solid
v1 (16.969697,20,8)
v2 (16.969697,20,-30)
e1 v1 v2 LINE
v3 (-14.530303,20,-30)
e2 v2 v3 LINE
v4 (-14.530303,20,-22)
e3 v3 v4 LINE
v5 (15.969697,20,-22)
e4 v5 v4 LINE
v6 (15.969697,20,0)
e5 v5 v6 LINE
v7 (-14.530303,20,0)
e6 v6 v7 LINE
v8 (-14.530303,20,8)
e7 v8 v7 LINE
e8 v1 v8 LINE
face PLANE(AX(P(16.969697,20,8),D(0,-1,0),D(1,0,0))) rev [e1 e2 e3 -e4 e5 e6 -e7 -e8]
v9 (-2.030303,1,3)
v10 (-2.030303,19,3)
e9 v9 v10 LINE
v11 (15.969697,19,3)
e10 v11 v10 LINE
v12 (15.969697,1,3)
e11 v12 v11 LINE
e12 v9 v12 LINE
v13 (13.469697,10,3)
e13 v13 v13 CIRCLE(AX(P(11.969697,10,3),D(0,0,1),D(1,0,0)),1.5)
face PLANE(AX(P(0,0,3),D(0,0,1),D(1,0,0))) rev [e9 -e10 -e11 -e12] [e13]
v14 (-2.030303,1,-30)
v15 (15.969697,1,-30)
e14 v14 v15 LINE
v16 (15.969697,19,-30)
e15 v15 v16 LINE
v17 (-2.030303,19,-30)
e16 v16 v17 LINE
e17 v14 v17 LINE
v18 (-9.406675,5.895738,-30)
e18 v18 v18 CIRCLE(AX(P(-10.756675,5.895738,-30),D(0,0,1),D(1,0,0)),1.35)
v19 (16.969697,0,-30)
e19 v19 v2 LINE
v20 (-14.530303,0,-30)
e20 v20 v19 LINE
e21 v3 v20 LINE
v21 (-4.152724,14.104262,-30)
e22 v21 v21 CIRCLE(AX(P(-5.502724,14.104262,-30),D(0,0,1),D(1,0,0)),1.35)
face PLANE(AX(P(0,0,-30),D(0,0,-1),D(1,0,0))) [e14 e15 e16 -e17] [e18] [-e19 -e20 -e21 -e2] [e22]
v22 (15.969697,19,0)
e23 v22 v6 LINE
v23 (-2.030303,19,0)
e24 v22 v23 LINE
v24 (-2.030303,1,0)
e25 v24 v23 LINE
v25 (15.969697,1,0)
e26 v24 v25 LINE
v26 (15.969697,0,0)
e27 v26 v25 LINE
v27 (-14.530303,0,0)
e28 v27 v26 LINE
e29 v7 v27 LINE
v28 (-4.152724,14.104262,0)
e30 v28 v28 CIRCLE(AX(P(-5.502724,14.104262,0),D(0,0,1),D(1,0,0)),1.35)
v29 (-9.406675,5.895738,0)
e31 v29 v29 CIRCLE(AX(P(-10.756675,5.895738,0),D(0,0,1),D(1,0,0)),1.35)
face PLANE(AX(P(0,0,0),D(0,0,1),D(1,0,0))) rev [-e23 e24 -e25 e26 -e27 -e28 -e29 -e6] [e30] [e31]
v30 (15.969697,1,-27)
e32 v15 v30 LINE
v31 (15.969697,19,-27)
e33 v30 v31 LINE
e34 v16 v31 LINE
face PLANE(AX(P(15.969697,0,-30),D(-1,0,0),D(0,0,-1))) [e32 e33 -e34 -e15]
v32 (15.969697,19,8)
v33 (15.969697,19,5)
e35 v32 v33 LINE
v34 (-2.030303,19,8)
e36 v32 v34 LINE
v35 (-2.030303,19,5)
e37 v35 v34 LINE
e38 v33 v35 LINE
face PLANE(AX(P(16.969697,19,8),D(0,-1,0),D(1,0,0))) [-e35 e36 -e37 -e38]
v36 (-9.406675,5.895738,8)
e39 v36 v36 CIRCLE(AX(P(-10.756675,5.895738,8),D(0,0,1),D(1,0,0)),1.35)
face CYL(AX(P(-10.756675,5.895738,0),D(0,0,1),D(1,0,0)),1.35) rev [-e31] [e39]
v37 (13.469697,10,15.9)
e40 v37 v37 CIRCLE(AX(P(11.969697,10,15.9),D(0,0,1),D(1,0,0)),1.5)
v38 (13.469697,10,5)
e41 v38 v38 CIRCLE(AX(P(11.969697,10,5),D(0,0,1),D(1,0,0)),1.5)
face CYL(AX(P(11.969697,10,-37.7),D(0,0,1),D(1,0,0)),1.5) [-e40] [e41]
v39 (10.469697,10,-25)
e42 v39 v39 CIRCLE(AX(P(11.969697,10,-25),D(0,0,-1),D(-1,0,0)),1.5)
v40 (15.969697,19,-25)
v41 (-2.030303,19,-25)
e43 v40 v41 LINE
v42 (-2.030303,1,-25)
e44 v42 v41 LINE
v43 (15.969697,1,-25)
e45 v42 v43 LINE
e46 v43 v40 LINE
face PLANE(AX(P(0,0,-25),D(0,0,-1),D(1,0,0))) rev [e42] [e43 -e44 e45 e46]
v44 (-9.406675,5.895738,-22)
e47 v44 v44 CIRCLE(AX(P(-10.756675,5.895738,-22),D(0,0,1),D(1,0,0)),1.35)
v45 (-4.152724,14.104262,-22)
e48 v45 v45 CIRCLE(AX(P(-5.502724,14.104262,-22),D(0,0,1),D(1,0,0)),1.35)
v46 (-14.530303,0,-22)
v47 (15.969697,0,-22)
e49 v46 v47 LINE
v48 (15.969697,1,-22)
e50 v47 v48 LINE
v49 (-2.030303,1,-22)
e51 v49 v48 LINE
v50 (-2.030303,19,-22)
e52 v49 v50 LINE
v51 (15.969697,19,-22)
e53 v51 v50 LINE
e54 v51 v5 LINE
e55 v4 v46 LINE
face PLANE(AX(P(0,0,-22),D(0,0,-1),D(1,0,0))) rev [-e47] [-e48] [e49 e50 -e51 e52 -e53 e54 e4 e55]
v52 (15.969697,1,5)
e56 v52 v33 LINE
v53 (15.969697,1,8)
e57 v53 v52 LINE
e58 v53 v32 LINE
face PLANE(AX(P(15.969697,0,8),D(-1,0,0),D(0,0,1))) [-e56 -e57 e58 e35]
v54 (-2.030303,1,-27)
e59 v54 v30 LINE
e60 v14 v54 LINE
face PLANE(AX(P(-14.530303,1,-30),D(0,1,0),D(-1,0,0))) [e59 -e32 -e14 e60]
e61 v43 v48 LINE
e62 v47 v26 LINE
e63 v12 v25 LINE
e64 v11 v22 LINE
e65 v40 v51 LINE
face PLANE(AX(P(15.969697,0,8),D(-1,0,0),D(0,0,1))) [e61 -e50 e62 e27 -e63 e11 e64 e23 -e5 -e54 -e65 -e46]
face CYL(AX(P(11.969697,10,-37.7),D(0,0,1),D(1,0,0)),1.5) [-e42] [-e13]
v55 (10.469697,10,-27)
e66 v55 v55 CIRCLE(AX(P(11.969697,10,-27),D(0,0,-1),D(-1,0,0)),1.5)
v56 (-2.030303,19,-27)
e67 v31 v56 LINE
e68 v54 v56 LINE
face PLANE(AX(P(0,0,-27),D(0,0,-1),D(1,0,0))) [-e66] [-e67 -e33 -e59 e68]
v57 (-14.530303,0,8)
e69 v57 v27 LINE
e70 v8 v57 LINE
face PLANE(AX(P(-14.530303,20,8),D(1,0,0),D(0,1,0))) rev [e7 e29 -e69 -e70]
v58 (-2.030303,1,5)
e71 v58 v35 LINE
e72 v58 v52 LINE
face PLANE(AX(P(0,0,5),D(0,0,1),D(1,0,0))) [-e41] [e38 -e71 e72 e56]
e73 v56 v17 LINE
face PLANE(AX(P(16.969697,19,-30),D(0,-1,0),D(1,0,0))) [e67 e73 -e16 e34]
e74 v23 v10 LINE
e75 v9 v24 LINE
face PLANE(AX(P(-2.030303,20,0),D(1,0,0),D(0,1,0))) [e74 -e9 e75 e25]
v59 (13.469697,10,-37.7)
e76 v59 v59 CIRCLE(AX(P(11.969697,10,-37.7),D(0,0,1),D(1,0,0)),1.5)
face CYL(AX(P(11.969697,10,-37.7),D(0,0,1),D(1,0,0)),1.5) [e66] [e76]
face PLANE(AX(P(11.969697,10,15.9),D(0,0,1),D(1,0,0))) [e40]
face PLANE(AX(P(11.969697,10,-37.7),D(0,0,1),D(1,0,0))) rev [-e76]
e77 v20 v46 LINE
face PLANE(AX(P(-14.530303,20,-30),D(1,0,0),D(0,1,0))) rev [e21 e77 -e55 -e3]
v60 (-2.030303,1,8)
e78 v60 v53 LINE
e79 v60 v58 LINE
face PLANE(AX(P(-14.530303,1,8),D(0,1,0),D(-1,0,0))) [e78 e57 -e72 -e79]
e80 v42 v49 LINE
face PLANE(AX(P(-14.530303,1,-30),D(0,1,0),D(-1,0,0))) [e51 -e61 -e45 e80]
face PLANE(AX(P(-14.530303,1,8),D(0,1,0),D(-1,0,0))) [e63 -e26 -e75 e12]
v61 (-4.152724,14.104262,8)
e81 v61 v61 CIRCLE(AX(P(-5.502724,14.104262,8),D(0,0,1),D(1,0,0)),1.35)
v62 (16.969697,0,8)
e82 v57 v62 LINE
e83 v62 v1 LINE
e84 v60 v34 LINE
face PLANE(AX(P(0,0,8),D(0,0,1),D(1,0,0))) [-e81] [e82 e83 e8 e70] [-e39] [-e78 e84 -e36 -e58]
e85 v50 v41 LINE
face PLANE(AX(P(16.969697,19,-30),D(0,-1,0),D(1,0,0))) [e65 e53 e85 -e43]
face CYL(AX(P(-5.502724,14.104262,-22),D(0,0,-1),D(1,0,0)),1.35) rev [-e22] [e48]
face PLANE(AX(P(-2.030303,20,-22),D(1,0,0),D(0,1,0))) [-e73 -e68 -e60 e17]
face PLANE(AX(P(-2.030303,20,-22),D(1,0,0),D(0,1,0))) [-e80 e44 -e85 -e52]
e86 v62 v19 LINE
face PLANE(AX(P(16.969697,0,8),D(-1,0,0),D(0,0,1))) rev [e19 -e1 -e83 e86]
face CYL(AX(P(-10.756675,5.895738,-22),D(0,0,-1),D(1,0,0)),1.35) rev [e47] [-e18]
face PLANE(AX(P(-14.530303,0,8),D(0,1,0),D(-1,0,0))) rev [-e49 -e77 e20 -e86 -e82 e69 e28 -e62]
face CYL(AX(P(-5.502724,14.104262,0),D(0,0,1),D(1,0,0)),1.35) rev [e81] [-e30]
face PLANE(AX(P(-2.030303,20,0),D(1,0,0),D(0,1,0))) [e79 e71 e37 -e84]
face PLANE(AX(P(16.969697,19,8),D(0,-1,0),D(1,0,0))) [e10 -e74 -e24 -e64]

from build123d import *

# Parameters (mm, degrees)
SKETCH1_W           = 31.5
SKETCH1_H           = 20
SKETCH1_W_2         = 29.5
SKETCH1_H_2         = 18
EXTRUDE_THIN1_DEPTH = 8
BOSS_EXTRUDE1_START = 4
SKETCH2_W           = 31.5
SKETCH2_H           = 20
BOSS_EXTRUDE1_DEPTH = 1
SKETCH4_W           = 12.5
SKETCH4_H           = 20
BOSS_EXTRUDE2_DEPTH = 8
SKETCH5_R           = 1.35
CUT_EXTRUDE2_DEPTH  = 8
SKETCH12_W          = 1
SKETCH12_H          = 20
BOSS_EXTRUDE4_DEPTH = 22
BOSS_EXTRUDE6_START = 10.9
SKETCH3_R           = 1.5
BOSS_EXTRUDE6_DEPTH = 53.6


with BuildPart() as part:
    # Sketch1 → Extrude-Thin1 (new body)
    with BuildSketch(Plane.XY):
        with Locations((1.21969697, 10)):
            Rectangle(SKETCH1_W, SKETCH1_H)
        with Locations((1.21969697, 10)):
            Rectangle(SKETCH1_W_2, SKETCH1_H_2, mode=Mode.SUBTRACT)
    extrude(amount=EXTRUDE_THIN1_DEPTH)

    # Sketch2 → Boss-Extrude1 (add, symmetric)
    with BuildSketch(Plane.XY.offset(BOSS_EXTRUDE1_START)):
        with Locations((1.21969697, 10)):
            Rectangle(SKETCH2_W, SKETCH2_H)
    extrude(amount=BOSS_EXTRUDE1_DEPTH, both=True)

    # Sketch4 → Boss-Extrude2 (add)
    with BuildSketch(Plane.XY.offset(8)):
        with Locations((-8.28030303, 10)):
            Rectangle(SKETCH4_W, SKETCH4_H)
    extrude(amount=-BOSS_EXTRUDE2_DEPTH)

    # Sketch5 → Cut-Extrude2 (cut)
    with BuildSketch(Plane.XY.offset(8)):
        with Locations((-10.756674766, 5.895738268)):
            Circle(SKETCH5_R)
        with Locations((-5.502724413, 14.104261732)):
            Circle(SKETCH5_R)
    extrude(amount=-CUT_EXTRUDE2_DEPTH, mode=Mode.SUBTRACT)

    # Sketch12 → Boss-Extrude4 (add)
    with BuildSketch(Plane(origin=(0, 0, 0), x_dir=(-1, 0, 0), z_dir=(0, 0, -1))):
        with Locations((-16.46969697, 10)):
            Rectangle(SKETCH12_W, SKETCH12_H)
    extrude(amount=BOSS_EXTRUDE4_DEPTH)

    # Mirror5: part across plane


with BuildPart() as part_1:
    add(part.part)
    add(part.part.mirror(Plane.XY.offset(-11)))

    # Sketch3 → Boss-Extrude6 (add)
    with BuildSketch(Plane.XY.offset(5).offset(BOSS_EXTRUDE6_START)):
        with Locations((11.96969697, 10)):
            Circle(SKETCH3_R)
    extrude(amount=-BOSS_EXTRUDE6_DEPTH)


solid = part_1.part
